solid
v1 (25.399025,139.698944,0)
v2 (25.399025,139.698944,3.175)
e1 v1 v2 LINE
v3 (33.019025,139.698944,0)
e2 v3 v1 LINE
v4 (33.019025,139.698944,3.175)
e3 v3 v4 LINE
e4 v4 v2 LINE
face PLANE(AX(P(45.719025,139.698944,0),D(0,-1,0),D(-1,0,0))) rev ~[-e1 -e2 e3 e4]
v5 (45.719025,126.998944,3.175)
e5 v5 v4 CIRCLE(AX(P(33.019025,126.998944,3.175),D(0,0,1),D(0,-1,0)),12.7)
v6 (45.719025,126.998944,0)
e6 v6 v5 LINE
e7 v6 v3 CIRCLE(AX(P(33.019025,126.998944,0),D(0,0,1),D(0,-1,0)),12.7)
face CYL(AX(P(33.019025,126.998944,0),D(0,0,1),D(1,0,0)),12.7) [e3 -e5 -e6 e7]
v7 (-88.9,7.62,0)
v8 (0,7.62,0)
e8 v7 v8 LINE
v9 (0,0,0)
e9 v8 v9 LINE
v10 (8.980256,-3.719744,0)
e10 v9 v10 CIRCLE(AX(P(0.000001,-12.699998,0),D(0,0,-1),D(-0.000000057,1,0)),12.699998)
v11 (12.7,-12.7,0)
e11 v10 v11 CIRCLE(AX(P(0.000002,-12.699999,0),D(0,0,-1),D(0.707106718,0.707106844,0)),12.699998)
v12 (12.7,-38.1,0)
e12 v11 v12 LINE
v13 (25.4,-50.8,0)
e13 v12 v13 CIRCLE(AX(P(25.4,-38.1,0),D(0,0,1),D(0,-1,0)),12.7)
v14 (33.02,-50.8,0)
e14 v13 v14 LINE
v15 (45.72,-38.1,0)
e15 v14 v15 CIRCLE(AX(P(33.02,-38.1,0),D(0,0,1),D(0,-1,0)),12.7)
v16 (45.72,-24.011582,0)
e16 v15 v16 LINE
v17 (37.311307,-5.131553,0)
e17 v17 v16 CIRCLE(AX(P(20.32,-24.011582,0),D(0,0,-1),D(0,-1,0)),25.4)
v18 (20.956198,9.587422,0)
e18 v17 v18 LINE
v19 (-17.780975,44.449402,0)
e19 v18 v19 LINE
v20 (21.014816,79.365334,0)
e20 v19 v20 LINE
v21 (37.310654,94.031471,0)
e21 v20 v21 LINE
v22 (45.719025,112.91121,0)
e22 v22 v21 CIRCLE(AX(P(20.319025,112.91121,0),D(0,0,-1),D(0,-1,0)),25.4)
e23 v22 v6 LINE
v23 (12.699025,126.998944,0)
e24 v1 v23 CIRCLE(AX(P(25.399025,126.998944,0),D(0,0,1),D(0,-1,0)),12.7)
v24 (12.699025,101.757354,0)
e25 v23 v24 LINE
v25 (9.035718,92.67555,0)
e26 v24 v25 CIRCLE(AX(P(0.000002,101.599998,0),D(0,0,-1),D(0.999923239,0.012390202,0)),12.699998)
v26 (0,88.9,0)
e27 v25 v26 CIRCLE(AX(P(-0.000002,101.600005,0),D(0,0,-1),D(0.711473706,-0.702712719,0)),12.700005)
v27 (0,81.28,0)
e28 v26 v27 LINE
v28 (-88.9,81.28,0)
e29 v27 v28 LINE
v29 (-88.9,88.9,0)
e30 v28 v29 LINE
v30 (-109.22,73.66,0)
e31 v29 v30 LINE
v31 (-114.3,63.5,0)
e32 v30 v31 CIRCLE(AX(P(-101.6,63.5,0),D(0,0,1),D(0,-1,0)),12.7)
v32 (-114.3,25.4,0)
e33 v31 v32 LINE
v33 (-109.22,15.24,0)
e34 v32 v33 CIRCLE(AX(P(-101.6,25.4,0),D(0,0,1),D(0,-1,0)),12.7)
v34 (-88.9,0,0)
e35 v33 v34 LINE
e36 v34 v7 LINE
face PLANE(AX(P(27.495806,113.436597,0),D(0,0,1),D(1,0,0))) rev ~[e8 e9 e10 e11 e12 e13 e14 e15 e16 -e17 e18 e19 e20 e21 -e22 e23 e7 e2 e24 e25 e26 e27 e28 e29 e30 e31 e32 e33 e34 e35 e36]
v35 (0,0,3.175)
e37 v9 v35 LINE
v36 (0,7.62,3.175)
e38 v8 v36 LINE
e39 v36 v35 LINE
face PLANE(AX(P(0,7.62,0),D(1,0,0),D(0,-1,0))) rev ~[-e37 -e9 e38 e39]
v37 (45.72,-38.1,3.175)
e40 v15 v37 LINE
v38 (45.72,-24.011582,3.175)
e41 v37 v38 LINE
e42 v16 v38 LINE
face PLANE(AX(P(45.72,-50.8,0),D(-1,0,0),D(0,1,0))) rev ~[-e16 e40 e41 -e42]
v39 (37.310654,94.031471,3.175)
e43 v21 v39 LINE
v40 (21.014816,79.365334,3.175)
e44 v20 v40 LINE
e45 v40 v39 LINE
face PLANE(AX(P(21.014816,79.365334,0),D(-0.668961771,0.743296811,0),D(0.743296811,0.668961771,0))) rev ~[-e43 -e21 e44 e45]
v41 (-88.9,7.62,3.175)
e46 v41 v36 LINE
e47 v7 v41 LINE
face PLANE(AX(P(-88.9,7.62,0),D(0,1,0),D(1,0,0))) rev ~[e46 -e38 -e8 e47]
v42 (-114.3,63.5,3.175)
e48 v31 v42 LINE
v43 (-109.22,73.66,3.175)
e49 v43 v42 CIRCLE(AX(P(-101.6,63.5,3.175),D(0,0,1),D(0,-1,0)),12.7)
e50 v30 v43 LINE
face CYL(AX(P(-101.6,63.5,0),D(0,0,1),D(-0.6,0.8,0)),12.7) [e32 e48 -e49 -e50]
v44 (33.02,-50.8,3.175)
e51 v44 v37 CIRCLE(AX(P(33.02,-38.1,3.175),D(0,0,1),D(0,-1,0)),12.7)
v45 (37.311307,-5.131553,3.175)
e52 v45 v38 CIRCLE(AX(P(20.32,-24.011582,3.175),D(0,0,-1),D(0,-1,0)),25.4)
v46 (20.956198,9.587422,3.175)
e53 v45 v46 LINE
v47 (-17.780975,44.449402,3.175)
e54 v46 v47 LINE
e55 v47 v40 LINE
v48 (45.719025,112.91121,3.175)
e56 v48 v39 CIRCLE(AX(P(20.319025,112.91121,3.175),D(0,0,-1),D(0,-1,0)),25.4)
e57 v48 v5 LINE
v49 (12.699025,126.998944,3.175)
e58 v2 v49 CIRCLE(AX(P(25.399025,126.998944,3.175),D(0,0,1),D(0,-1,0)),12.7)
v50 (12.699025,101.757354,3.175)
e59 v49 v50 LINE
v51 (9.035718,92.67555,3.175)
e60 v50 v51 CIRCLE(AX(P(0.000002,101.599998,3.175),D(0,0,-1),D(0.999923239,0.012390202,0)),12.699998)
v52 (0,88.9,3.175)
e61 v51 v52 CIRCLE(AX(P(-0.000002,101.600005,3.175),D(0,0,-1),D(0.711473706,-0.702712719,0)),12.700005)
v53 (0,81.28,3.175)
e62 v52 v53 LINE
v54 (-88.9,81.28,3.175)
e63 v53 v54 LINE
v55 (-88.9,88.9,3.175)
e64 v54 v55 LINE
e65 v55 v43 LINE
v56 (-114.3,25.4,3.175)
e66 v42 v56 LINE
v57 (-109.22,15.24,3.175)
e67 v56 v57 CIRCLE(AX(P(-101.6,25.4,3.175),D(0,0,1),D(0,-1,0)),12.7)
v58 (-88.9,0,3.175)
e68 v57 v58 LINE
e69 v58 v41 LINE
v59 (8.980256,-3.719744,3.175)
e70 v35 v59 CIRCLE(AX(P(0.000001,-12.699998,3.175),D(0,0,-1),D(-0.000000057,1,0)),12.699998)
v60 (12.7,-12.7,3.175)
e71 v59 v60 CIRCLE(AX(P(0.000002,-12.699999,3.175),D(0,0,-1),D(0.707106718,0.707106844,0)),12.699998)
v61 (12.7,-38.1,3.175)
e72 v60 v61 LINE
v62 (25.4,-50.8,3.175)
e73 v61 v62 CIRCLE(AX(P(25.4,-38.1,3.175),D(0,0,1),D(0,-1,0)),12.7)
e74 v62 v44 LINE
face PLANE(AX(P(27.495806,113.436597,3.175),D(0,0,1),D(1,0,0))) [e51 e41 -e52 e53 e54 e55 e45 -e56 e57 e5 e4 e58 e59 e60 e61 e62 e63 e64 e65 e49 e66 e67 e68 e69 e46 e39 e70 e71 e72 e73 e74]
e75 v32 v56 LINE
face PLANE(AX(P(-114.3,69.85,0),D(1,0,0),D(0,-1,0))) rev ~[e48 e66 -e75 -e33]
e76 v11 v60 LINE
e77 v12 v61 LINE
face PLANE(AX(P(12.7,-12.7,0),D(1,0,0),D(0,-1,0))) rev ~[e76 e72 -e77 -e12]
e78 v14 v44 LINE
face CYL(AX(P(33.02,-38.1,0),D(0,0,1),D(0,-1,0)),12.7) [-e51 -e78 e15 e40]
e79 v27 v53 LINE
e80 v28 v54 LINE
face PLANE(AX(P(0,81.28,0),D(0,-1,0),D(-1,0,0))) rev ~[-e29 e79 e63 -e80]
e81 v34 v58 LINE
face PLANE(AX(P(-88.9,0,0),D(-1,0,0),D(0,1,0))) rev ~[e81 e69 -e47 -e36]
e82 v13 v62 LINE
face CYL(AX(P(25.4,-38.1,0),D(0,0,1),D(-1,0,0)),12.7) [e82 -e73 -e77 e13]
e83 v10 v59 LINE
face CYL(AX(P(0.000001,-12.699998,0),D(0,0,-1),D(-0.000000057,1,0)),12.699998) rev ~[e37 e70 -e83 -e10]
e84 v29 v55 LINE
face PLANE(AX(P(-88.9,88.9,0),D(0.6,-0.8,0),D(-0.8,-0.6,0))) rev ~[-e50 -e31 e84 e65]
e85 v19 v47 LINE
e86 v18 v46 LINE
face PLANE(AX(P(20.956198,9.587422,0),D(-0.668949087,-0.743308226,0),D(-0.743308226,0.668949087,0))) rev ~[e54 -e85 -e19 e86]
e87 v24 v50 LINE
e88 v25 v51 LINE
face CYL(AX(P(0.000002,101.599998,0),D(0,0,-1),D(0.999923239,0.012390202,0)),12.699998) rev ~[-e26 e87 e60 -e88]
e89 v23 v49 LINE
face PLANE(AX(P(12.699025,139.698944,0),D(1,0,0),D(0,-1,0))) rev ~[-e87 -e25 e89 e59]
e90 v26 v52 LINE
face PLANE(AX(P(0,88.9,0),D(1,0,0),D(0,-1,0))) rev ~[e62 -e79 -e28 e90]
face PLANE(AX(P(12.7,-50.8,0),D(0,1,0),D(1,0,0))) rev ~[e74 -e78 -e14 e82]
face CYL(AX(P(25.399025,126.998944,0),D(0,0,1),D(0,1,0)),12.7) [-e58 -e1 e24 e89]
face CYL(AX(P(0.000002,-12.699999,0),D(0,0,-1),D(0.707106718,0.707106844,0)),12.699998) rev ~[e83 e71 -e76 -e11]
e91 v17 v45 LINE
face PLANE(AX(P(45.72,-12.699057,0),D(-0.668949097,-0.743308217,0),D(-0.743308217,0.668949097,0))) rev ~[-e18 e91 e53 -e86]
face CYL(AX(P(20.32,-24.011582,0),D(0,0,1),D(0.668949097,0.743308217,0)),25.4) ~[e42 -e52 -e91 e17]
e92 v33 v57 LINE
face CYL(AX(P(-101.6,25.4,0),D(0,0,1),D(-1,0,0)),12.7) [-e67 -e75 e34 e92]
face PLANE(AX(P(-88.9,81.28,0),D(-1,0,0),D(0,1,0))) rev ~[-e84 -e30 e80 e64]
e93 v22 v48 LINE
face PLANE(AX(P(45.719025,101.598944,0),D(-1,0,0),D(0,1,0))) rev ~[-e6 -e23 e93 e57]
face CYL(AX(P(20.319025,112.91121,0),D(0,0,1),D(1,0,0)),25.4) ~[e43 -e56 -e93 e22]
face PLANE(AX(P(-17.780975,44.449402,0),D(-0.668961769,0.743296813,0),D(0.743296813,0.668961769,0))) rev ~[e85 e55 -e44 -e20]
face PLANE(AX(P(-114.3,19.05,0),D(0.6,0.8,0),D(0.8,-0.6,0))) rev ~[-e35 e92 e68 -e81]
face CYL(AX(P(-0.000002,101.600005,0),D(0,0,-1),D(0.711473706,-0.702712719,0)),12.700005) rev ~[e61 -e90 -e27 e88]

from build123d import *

# Parameters (mm, degrees)
F1_DEPTH = 3.175
F2_R     = 12.7
F3_R     = 25.4


with BuildPart() as f1:
    # F0 (on Top) → F1 (new body)
    with BuildSketch(Plane.XY):
        with BuildLine():
            Line((9.035718, 92.67555), (21.014816, 79.365334))
            Line((21.014816, 79.365334), (45.719025, 101.598944))
            Line((45.719025, 101.598944), (45.719025, 139.698944))
            Line((45.719025, 139.698944), (12.699025, 139.698944))
            Line((12.699025, 139.698944), (12.699025, 101.757354))
            ThreePointArc((12.699025, 101.757354), (11.777927, 96.849164), (9.035718, 92.67555))
        make_face()
        with BuildLine():
            ThreePointArc((0, 0), (4.86008, -0.96673), (8.980256, -3.719744))
            Line((8.980256, -3.719744), (20.956198, 9.587422))
            Line((20.956198, 9.587422), (-17.780975, 44.449402))
            Line((-17.780975, 44.449402), (21.014816, 79.365334))
            Line((21.014816, 79.365334), (9.035718, 92.67555))
            ThreePointArc((9.035718, 92.67555), (4.896401, 89.881841), (0, 88.9))
            Line((0, 88.9), (0, 81.28))
            Line((0, 81.28), (-78.74, 81.28))
            Line((-78.74, 81.28), (-78.74, 68.58))
            Line((-78.74, 68.58), (-78.74, 7.62))
            Line((-78.74, 7.62), (0, 7.62))
            Line((0, 7.62), (0, 0))
        make_face()
        with BuildLine():
            ThreePointArc((8.980256, -3.719744), (11.73327, -7.83992), (12.7, -12.7))
            Line((12.7, -12.7), (12.7, -50.8))
            Line((12.7, -50.8), (45.72, -50.8))
            Line((45.72, -50.8), (45.72, -12.699057))
            Line((45.72, -12.699057), (20.956198, 9.587422))
            Line((20.956198, 9.587422), (8.980256, -3.719744))
        make_face()
        Polygon((-88.9, 7.62), (-78.74, 7.62), (-78.74, 68.58), (-78.74, 81.28), (-88.9, 81.28), (-88.9, 88.9), (-114.3, 69.85), (-114.3, 19.05), (-88.9, 0), align=None)
    extrude(amount=F1_DEPTH)

    # F2
    f2_edges = [f1.edges().sort_by_distance(p)[0] for p in [
        (-114.3, 69.85, 1.5875),
        (-114.3, 19.05, 1.5875),
        (12.7, -50.8, 1.5875),
        (45.72, -50.8, 1.5875),
        (45.719025, 139.698944, 1.5875),
        (12.699025, 139.698944, 1.5875),
    ]]
    fillet(f2_edges, radius=F2_R)

    # F3
    f3_edges = [f1.edges().sort_by_distance(p)[0] for p in [
        (45.719025, 101.598944, 1.5875),
        (45.72, -12.699057, 1.5875),
    ]]
    fillet(f3_edges, radius=F3_R)


solid = f1.part
